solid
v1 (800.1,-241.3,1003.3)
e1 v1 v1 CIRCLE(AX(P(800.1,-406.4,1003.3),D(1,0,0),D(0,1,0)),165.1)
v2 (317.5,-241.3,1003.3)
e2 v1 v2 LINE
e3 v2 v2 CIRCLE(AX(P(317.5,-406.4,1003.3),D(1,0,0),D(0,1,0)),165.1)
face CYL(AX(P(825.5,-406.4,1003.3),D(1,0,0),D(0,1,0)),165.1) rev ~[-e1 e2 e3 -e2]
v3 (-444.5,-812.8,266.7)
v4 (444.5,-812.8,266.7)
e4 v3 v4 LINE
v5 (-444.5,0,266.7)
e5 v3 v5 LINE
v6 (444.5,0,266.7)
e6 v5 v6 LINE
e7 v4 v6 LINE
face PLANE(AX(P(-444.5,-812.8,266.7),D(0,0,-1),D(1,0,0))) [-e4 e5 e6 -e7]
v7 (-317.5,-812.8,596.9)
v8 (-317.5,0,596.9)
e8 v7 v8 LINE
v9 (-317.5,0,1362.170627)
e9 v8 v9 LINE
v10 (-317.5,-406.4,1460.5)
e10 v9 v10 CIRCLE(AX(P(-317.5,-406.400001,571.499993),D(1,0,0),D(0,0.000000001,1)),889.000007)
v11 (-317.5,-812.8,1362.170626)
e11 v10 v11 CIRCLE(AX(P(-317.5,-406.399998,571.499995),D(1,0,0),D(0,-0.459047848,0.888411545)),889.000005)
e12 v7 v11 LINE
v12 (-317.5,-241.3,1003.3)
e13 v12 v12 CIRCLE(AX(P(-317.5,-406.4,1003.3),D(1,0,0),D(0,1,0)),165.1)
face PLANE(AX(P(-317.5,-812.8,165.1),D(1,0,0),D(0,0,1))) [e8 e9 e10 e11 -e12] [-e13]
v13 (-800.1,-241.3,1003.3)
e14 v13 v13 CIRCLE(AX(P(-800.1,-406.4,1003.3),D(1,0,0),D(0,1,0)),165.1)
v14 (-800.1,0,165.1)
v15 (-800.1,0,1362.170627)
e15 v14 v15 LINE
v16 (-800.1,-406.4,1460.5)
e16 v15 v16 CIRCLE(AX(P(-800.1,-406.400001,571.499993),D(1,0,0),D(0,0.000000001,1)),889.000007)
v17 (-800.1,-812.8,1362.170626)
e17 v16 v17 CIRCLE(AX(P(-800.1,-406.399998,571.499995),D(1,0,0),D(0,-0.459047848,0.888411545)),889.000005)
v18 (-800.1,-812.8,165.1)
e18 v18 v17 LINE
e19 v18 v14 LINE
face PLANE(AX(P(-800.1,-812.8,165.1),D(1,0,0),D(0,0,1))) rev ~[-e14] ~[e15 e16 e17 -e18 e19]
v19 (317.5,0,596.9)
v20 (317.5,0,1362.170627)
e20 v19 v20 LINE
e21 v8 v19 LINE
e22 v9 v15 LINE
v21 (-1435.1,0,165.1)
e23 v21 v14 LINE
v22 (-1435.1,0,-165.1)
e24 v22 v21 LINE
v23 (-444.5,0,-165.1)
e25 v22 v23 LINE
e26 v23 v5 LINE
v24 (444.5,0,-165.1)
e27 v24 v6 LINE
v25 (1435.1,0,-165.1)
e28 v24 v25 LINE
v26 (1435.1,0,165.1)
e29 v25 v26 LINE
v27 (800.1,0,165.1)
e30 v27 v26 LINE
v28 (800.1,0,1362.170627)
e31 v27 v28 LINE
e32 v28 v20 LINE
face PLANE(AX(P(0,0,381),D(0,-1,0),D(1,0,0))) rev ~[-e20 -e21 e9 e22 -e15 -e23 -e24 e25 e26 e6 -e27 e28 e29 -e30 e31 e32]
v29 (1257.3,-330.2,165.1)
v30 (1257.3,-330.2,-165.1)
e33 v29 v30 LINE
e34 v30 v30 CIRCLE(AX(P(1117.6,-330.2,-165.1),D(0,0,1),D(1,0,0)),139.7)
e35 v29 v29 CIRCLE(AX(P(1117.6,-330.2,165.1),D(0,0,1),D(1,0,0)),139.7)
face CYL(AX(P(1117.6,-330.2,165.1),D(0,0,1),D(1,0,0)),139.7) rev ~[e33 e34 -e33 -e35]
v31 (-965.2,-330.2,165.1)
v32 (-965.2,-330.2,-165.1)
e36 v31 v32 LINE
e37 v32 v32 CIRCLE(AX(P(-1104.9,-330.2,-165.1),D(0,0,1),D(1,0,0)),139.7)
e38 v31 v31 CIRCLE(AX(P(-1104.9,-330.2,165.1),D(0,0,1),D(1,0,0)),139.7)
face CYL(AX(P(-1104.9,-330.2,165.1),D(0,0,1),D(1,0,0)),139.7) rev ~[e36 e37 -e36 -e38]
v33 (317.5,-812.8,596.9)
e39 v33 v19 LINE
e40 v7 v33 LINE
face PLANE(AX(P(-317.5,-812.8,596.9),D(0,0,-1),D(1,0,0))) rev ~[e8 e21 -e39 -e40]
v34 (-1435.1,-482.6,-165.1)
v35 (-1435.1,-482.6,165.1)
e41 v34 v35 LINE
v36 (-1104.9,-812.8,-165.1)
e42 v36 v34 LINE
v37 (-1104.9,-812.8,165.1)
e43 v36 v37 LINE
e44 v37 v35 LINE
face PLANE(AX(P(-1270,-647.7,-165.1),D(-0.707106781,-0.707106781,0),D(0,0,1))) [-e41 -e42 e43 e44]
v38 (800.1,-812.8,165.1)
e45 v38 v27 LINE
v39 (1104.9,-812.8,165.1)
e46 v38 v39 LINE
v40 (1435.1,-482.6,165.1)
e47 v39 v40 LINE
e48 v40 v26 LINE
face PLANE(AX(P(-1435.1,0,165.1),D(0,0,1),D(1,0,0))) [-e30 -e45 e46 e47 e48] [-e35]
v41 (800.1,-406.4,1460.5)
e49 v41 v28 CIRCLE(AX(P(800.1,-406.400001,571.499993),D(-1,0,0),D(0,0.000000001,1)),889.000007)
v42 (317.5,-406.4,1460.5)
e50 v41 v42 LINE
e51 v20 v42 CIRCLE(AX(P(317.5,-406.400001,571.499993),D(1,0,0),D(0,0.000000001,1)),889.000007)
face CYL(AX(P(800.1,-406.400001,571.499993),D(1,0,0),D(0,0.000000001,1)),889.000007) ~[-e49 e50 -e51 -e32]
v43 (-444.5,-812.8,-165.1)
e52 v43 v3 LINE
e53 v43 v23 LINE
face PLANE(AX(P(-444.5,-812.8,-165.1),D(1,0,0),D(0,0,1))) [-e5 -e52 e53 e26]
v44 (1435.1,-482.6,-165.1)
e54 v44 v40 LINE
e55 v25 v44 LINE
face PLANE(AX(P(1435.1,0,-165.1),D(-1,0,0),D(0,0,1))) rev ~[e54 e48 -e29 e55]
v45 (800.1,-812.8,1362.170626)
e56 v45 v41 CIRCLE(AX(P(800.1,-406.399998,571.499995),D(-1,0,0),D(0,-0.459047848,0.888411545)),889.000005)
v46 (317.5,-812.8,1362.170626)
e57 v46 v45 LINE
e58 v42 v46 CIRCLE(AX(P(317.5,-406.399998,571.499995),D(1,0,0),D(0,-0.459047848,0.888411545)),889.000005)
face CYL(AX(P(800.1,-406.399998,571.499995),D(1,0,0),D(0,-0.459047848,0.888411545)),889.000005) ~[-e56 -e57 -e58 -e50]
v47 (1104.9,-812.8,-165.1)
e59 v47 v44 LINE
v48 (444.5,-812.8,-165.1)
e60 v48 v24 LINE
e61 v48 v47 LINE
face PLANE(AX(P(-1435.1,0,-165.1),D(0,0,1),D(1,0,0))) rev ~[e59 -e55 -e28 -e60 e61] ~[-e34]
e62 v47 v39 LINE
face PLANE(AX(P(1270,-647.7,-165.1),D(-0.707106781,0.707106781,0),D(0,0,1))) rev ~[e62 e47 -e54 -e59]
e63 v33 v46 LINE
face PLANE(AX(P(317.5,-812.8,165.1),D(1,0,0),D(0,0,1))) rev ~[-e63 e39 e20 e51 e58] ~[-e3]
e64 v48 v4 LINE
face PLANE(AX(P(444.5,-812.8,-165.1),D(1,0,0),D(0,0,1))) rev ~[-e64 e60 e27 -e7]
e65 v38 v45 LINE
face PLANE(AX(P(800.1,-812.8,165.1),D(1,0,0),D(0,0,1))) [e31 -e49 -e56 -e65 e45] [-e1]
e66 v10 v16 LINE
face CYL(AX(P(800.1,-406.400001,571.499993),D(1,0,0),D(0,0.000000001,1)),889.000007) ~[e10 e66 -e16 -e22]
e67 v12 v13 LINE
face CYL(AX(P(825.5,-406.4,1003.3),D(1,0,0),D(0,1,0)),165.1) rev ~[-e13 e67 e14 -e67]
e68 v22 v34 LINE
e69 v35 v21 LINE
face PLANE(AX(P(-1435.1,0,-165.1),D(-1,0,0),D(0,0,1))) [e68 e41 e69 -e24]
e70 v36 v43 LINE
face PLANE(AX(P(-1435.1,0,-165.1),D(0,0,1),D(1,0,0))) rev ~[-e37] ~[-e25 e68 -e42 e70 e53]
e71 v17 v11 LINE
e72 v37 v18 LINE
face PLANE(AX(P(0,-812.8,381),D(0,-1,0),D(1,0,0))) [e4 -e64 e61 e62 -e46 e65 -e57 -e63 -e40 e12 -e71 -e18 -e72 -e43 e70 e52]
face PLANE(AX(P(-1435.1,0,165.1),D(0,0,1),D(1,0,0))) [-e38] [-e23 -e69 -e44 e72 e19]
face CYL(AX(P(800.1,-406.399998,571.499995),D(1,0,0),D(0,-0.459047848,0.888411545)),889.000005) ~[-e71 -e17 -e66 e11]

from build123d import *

# Parameters (mm, degrees)
F0_W       = 2870.2
F0_H       = 330.2
F1_DEPTH   = 25.4
F2_DEPTH   = 812.8
F3_W       = 482.6
F3_H       = 1295.4
F4_DEPTH   = 812.8
F5_W       = 635
F5_H       = 431.8
F6_DEPTH   = 812.8
F7_W       = 889
F7_H       = 431.8
F8_DEPTH   = 812.801
F9_R       = 139.7
F10_DEPTH  = 330.201
F11_SIZE2  = 330.2
F11_SIZE   = 330.2
F12_R      = 165.1
F13_DEPTH  = 25.4
F13_FACE_R = 165.1
F14_DEPTH  = 2260.601
F16_DEPTH  = 2235.201


with BuildPart() as f1:
    # F0 (on Front) → F1 (new body)
    with BuildSketch(Plane.XZ):
        Rectangle(F0_W, F0_H)
    extrude(amount=F1_DEPTH)

    # F0 (on Front) → F2 (join)
    with BuildSketch(Plane.XZ):
        Rectangle(F0_W, F0_H)
    extrude(amount=F2_DEPTH)

    # F3 (on face) → F4 (join)
    with BuildSketch(Plane.XZ.offset(812.8)):
        with Locations((-558.8, 812.8)):
            Rectangle(F3_W, F3_H)
        with Locations((558.8, 812.8)):
            Rectangle(F3_W, F3_H)
    extrude(amount=-F4_DEPTH)

    # F5 (on face) → F6 (join)
    with BuildSketch(Plane.XZ.offset(812.8)):
        with Locations((0, 381)):
            Rectangle(F5_W, F5_H)
    extrude(amount=-F6_DEPTH)

    # F7 (on face) → F8 (cut, through all)
    with BuildSketch(Plane.XZ.offset(812.8)):
        with Locations((0, 50.8)):
            Rectangle(F7_W, F7_H)
    extrude(amount=-F8_DEPTH, mode=Mode.SUBTRACT)

    # F9 (on face) → F10 (cut, through all)
    with BuildSketch(Plane.XY.offset(165.1)):
        with Locations((1117.6, -330.2)):
            Circle(F9_R)
        with Locations((-1104.9, -330.2)):
            Circle(F9_R)
    extrude(amount=-F10_DEPTH, mode=Mode.SUBTRACT)

    # F11
    f11_edges = [f1.edges().sort_by_distance(p)[0] for p in [
        (-1435.1, -812.8, 0),
        (1435.1, -812.8, 0),
    ]]
    chamfer(f11_edges, length=F11_SIZE, length2=F11_SIZE2)

    # F12 (on face) → F13 (join)
    with BuildSketch(Plane.YZ.offset(800.1)):
        with Locations((-406.4, 1003.3)):
            Circle(F12_R)
    extrude(amount=F13_DEPTH)

    # F13_face (on face) → F14 (cut, through all)
    with BuildSketch(Plane(origin=(825.5, -406.4, 1003.3), x_dir=(0, 1, 0), z_dir=(1, 0, 0))):
        Circle(F13_FACE_R)
    extrude(amount=-F14_DEPTH, mode=Mode.SUBTRACT)

    # F15 (on face) → F16 (cut, through all)
    with BuildSketch(Plane.YZ.offset(800.1)):
        with BuildLine():
            ThreePointArc((-814.493537, 1361.297863), (-616.388928, 1435.343533), (-406.4, 1460.5))
            Line((-406.4, 1460.5), (-812.8, 1460.5))
            Line((-812.8, 1460.5), (-814.493537, 1361.297863))
        make_face()
        with BuildLine():
            ThreePointArc((-406.4, 1460.5), (-197.336836, 1435.568049), (0, 1362.170627))
            Line((0, 1362.170627), (0, 1460.5))
            Line((0, 1460.5), (-406.4, 1460.5))
        make_face()
    extrude(amount=-F16_DEPTH, mode=Mode.SUBTRACT)


solid = f1.part
